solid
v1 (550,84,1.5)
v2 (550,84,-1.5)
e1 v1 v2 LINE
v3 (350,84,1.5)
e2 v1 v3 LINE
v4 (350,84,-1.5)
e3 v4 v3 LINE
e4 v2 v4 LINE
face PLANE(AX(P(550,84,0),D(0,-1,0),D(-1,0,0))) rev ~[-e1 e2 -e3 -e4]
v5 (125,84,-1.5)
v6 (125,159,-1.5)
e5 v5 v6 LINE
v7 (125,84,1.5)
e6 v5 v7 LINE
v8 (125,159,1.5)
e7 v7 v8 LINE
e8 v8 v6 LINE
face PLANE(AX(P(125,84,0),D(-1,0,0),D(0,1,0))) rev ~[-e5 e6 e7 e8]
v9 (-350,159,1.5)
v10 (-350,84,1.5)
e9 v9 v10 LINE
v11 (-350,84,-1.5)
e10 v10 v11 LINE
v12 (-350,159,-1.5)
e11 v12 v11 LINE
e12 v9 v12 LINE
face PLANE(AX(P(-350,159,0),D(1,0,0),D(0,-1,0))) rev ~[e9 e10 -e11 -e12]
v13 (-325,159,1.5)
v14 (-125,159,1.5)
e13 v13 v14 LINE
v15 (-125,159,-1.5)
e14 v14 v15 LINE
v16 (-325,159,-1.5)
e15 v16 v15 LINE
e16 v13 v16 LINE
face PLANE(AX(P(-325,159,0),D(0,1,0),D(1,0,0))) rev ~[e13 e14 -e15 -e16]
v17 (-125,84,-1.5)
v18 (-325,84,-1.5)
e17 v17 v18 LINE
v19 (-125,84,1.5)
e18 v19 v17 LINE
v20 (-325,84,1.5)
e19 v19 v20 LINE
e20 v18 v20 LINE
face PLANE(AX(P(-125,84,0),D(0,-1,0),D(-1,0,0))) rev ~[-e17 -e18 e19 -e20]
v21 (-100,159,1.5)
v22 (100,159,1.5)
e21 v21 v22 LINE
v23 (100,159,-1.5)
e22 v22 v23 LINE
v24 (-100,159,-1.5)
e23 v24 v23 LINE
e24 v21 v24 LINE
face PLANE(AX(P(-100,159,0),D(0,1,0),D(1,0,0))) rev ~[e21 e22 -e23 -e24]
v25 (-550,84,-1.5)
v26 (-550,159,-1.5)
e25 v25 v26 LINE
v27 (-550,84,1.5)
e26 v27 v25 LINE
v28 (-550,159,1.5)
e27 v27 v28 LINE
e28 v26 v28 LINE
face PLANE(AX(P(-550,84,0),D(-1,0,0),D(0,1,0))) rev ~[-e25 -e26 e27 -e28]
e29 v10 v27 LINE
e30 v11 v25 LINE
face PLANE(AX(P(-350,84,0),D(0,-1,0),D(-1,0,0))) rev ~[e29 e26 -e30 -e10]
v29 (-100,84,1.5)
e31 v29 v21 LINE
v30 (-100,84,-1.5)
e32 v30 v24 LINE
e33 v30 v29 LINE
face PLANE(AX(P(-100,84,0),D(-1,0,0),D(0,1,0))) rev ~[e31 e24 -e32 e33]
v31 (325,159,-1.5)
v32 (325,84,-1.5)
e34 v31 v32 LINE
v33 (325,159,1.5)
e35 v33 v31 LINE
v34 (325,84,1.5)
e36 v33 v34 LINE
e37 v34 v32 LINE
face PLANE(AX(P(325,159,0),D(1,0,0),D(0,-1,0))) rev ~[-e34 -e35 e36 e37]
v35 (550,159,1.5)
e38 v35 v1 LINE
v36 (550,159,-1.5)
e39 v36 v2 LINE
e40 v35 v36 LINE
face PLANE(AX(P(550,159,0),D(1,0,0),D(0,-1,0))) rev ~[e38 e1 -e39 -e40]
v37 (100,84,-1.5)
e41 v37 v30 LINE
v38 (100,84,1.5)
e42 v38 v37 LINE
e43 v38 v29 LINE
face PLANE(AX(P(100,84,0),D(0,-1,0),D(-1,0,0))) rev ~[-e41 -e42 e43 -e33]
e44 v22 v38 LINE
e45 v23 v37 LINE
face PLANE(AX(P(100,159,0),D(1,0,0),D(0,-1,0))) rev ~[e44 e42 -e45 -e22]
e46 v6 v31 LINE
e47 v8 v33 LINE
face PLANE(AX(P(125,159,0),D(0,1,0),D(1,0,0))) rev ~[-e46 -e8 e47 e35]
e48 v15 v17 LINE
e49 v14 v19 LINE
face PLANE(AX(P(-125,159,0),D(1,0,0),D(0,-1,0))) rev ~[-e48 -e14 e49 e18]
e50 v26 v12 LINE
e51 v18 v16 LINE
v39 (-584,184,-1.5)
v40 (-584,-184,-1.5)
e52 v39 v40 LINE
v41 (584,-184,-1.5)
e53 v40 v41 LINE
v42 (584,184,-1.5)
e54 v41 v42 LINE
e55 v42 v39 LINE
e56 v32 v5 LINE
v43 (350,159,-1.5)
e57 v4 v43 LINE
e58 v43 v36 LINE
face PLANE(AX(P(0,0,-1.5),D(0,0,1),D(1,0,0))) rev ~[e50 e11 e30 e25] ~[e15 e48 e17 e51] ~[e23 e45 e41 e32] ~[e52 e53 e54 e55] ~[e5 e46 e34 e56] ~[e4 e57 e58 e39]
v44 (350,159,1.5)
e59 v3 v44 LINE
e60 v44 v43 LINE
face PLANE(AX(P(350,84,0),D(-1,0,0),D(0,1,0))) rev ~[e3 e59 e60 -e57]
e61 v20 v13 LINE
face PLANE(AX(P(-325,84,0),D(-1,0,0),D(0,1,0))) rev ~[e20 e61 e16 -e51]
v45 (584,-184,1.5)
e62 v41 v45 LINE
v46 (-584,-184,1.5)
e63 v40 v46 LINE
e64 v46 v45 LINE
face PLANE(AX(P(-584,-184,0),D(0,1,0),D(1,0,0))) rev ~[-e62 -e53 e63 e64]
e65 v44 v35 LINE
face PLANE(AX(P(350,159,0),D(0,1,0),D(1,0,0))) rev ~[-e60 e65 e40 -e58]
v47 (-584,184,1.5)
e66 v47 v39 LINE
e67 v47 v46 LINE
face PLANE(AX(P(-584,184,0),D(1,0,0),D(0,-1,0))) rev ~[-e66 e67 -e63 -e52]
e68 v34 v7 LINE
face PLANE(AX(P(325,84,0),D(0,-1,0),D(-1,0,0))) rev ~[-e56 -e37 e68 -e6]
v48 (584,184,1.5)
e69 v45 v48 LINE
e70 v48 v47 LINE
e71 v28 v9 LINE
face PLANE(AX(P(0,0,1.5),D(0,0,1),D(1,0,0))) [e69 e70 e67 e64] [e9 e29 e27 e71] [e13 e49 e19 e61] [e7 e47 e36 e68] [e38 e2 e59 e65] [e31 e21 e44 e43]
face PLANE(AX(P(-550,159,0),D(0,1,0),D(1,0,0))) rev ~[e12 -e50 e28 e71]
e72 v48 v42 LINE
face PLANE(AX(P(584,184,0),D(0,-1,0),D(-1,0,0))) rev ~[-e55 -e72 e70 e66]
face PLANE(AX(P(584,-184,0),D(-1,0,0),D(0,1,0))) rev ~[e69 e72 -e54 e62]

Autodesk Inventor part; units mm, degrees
ref_plane "YZ Plane" through (0, 0, 0) normal (1, 0, 0) x (0, 1, 0)
ref_plane "XZ Plane" through (0, 0, 0) normal (0, 1, 0) x (-1, 0, 0)
ref_plane "XY Plane" through (0, 0, 0) normal (0, 0, 1) x (1, 0, 0)
sketch "Sketch1" plane through (0, 0, 0) normal (0, 0, 1) x (1, 0, 0)
  line L0 (-584, -184) -> (584, -184)
  line L1 (584, -184) -> (584, 184)
  line L2 (584, 184) -> (-584, 184)
  line L3 (-584, 184) -> (-584, -184)
  line L4 (-584, -184) -> (584, 184) construction
  line L5 (584, -184) -> (-584, 184) construction
  line L6 (-550, 159) -> (-350, 159)
  line L7 (-350, 159) -> (-350, 84)
  line L8 (-350, 84) -> (-550, 84)
  line L9 (-550, 84) -> (-550, 159)
  line L10 (-325, 84) -> (-325, 159)
  line L11 (-325, 159) -> (-125, 159)
  line L12 (-125, 159) -> (-125, 84)
  line L13 (-125, 84) -> (-325, 84)
  line L14 (-100, 84) -> (-100, 159)
  line L15 (-100, 159) -> (100, 159)
  line L16 (100, 159) -> (100, 84)
  line L17 (100, 84) -> (-100, 84)
  line L18 (125, 84) -> (125, 159)
  line L19 (125, 159) -> (325, 159)
  line L20 (325, 159) -> (325, 84)
  line L21 (325, 84) -> (125, 84)
  line L22 (350, 84) -> (350, 159)
  line L23 (350, 159) -> (550, 159)
  line L24 (550, 159) -> (550, 84)
  line L25 (550, 84) -> (350, 84)
  point P0 (0, 0)
  point P1 (-550, 121.5)
  point P2 (-325, 121.5)
  point P3 (-100, 121.5)
  point P4 (125, 121.5)
  point P5 (350, 121.5)
  dimension "d0" = 1168
  dimension "d1" = 368
  dimension "d2" = 75
  dimension "d3" = 25
  dimension "d4" = 200
  dimension "d5" = 34
  dimension "d10" = 225
extrude "Extrusion2" add sketch "Sketch1" along normal mid plane 3
properties part number "Lado" material "Acrylic"
